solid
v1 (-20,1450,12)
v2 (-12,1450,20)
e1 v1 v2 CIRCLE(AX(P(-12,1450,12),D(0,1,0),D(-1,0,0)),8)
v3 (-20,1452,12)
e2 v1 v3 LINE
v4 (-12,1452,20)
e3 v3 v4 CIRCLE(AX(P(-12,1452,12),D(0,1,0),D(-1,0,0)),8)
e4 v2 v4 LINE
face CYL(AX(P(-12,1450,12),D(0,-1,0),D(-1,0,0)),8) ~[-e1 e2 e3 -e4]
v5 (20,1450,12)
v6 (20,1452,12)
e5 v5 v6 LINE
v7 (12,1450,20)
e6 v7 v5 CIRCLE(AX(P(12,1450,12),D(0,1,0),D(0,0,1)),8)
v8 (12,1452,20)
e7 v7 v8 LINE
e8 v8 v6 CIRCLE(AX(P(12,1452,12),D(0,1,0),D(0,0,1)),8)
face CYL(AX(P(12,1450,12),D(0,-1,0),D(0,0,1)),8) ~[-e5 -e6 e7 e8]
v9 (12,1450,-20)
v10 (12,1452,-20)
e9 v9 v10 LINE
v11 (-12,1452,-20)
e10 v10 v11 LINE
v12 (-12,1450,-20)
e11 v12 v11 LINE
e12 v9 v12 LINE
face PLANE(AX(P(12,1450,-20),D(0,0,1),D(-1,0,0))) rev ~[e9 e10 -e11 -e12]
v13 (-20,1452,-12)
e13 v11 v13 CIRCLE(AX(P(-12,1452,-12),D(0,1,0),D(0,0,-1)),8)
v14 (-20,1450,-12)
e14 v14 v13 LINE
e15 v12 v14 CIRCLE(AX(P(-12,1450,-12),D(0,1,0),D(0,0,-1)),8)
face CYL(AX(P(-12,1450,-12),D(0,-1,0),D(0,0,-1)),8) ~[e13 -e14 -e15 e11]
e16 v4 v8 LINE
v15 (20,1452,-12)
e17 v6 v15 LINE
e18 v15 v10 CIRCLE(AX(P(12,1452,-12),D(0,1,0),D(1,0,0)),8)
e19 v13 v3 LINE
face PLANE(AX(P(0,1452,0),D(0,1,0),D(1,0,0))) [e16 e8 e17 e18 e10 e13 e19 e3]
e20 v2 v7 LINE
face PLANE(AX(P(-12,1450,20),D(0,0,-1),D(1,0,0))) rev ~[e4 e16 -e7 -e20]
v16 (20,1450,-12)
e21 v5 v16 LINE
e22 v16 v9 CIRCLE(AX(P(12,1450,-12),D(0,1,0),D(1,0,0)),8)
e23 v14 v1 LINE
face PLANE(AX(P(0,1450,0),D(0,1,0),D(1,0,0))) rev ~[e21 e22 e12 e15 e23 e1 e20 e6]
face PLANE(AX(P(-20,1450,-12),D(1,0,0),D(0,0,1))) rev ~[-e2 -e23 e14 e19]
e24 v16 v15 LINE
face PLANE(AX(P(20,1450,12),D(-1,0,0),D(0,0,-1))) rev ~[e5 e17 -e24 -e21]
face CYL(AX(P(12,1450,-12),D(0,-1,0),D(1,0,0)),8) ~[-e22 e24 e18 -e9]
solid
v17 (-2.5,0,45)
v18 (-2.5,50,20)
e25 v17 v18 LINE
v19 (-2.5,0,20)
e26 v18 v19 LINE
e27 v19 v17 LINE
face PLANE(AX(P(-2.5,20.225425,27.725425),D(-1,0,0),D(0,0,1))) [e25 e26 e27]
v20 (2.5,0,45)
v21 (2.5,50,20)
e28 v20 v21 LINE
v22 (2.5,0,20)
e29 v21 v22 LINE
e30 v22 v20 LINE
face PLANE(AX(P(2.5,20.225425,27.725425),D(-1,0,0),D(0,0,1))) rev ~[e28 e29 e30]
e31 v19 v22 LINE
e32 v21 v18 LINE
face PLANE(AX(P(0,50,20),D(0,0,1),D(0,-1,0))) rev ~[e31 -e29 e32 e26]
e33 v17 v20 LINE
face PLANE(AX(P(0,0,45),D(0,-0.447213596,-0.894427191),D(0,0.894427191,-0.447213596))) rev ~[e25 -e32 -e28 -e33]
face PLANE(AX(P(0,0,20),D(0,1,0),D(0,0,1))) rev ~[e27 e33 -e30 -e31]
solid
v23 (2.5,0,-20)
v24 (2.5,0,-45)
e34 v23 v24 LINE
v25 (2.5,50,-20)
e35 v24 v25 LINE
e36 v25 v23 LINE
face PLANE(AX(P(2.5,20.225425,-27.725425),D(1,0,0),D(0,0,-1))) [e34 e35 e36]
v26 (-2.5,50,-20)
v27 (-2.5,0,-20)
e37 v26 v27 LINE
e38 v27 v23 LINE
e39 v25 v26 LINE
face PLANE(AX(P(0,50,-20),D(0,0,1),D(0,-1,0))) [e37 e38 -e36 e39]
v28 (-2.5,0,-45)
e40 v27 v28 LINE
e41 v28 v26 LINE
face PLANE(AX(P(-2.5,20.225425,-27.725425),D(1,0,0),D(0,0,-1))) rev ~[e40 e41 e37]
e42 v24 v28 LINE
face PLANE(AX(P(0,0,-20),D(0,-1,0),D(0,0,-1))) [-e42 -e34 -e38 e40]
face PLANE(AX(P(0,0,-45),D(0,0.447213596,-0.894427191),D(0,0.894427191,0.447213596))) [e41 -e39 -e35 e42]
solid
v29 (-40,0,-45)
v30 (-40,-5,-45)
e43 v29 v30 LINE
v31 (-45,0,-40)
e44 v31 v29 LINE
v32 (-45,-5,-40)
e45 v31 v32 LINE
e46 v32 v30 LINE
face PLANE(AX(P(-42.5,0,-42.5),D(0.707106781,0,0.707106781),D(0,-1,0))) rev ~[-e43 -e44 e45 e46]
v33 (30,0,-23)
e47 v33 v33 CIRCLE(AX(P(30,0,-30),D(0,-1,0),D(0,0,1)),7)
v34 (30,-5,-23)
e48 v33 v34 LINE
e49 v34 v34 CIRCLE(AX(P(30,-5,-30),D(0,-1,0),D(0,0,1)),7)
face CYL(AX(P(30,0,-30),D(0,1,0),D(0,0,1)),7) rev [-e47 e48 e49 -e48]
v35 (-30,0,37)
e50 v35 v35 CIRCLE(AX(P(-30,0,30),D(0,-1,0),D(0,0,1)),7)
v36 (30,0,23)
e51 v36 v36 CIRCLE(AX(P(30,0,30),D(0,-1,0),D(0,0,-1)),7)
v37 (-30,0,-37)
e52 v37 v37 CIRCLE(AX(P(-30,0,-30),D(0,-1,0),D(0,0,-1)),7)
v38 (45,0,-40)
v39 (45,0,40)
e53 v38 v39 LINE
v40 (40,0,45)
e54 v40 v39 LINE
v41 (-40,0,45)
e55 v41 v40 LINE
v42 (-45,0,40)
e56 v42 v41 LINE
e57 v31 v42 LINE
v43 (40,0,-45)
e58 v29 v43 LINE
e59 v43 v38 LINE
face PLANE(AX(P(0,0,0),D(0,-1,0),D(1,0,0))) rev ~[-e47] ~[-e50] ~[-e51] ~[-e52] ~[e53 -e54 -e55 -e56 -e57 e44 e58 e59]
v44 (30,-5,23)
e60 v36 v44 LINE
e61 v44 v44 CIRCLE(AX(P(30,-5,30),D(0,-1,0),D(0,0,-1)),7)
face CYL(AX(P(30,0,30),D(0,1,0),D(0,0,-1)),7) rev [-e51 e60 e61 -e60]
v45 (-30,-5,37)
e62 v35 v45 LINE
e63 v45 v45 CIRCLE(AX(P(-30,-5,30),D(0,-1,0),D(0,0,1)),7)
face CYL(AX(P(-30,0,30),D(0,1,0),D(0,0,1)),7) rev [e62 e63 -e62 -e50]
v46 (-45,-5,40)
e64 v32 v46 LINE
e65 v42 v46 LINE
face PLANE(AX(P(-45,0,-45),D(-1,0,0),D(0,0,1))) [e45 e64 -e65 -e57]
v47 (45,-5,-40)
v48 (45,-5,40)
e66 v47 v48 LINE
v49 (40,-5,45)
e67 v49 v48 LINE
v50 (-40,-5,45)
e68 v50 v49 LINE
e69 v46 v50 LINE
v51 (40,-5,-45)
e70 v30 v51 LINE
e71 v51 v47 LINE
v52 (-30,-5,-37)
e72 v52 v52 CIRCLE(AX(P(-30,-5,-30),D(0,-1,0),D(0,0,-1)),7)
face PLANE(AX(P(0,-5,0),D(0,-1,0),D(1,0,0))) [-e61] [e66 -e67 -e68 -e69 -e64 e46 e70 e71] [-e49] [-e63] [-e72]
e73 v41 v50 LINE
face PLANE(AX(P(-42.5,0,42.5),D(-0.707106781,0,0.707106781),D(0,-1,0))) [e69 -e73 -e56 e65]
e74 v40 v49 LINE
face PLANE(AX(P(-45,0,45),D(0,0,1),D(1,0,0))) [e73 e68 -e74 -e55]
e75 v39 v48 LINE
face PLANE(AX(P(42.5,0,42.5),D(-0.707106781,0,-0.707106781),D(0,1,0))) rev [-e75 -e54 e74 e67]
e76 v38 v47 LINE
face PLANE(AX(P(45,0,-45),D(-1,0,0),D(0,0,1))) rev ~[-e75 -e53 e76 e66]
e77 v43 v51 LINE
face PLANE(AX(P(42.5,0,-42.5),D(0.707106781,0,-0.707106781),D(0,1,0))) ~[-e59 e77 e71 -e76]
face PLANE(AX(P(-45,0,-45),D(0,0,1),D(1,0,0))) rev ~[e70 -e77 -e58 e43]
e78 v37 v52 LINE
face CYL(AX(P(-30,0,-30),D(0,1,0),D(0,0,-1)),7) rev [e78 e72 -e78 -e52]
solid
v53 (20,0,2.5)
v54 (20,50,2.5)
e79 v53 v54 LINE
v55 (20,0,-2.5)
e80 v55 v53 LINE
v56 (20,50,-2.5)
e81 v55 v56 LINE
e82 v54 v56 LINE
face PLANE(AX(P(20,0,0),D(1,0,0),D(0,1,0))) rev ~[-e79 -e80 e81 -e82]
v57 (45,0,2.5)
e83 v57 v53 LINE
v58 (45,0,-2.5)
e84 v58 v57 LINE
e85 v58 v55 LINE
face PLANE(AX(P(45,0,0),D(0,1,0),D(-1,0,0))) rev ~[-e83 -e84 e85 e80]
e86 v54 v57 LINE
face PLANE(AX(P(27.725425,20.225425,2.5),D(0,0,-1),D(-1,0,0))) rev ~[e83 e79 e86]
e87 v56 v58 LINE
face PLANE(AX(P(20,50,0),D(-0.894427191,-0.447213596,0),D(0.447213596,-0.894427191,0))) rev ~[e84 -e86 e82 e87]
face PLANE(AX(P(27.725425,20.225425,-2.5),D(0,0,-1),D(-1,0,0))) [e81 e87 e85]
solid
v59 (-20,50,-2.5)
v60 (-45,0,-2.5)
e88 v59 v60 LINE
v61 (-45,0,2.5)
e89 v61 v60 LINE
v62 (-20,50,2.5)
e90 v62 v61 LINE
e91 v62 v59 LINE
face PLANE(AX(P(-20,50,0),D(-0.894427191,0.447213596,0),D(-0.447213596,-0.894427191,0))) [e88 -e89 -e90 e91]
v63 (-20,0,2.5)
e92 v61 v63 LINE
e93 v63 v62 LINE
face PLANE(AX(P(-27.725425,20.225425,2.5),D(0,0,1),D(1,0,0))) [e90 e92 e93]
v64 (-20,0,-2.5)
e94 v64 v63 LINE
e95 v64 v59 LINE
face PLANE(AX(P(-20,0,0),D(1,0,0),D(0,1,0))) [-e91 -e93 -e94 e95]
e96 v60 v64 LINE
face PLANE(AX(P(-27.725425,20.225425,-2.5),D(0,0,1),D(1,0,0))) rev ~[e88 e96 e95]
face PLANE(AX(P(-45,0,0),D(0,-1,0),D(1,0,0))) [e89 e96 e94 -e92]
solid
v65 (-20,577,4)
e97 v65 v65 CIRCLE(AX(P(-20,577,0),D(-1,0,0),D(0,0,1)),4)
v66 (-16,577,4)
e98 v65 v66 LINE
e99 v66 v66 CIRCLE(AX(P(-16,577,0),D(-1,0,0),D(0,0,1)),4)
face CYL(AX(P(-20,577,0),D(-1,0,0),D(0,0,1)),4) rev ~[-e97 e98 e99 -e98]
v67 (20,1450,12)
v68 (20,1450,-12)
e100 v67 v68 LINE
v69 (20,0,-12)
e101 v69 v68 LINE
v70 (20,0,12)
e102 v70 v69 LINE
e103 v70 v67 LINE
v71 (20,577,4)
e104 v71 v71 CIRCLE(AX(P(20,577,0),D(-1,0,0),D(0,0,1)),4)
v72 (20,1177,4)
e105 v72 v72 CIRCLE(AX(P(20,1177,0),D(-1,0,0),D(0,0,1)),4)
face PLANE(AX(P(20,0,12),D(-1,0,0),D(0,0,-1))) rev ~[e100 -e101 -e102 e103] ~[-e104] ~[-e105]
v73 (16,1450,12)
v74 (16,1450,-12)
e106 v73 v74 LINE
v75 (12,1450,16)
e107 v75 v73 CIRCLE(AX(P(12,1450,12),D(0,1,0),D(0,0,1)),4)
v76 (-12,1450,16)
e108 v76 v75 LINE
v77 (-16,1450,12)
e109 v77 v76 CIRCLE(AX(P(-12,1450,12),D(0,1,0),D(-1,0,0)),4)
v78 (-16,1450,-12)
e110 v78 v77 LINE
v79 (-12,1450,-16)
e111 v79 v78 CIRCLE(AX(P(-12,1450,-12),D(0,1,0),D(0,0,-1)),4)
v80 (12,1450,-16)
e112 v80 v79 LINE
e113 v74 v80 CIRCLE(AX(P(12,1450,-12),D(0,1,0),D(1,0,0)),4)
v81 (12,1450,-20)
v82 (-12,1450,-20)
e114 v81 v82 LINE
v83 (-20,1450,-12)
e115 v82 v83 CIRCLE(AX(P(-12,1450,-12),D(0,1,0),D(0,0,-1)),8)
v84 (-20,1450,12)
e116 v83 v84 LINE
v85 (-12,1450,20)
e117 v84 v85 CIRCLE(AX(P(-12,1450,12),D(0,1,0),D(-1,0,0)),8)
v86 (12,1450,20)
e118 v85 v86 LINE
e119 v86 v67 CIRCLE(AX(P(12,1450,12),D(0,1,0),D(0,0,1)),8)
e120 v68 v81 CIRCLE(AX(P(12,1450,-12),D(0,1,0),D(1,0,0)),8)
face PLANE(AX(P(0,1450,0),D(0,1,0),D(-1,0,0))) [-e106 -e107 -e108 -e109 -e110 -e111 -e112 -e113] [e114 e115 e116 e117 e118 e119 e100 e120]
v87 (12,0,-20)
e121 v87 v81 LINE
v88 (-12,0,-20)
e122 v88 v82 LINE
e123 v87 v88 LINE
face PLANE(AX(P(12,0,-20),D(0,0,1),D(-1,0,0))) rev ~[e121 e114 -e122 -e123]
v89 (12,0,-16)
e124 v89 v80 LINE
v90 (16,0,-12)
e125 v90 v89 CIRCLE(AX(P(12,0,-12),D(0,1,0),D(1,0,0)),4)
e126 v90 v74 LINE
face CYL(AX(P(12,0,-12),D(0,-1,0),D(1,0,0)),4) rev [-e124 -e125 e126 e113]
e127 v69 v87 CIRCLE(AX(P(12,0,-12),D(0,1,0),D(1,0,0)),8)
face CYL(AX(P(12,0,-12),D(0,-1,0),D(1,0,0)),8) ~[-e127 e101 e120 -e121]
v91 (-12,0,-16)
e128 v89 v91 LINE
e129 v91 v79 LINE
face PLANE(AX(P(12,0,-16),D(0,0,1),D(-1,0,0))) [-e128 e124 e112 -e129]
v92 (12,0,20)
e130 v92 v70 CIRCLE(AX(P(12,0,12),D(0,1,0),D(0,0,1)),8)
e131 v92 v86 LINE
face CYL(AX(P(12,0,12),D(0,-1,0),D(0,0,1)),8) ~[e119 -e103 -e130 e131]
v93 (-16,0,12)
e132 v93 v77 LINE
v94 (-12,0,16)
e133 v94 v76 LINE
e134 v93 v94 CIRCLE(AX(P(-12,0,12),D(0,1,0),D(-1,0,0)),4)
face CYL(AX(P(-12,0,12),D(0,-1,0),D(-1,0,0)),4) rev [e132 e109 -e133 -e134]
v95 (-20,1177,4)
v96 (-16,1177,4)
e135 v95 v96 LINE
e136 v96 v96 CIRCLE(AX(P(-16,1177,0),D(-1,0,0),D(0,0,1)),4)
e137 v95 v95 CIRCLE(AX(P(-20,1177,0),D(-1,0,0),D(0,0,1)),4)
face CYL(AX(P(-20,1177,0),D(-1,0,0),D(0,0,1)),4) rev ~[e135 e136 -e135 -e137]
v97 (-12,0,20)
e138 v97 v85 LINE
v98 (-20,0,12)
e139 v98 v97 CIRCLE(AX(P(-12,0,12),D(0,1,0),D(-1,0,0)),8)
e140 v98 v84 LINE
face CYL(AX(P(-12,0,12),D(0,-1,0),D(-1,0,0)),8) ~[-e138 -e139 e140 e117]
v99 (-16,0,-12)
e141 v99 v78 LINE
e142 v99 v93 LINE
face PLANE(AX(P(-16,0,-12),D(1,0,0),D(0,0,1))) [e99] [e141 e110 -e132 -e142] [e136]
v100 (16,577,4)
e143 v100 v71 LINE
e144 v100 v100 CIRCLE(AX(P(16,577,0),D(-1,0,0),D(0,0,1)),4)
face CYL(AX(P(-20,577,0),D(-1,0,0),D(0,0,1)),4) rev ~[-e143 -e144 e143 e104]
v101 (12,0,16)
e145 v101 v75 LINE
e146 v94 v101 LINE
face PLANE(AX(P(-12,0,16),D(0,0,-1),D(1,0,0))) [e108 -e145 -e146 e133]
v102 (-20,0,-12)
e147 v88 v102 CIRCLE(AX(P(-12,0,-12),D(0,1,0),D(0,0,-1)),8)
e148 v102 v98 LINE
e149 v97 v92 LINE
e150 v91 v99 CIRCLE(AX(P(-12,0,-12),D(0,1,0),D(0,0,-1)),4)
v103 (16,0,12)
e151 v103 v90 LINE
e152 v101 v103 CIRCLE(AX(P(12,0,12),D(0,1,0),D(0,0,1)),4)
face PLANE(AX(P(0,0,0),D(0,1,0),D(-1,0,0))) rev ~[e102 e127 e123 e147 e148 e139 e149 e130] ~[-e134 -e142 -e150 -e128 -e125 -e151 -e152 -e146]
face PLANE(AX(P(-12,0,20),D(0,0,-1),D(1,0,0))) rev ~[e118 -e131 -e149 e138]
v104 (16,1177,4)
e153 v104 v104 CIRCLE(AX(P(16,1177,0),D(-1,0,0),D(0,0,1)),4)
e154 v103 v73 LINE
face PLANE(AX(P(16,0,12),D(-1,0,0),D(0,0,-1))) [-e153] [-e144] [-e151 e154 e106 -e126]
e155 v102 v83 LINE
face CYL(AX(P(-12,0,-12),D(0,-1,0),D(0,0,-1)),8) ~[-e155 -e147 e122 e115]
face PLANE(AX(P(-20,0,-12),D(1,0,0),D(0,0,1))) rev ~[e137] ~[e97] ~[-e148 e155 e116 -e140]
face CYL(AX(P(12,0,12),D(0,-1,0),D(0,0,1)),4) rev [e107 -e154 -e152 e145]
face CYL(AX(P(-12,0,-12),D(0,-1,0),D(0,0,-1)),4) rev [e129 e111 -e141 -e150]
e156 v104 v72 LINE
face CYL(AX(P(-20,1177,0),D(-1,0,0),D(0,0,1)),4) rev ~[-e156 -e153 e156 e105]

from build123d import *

# Parameters (mm, degrees)
MEMBER_1_DEPTH      = 1450
SKETCH_3_W          = 90
SKETCH_3_H          = 90
SKETCH_3_R          = 7
EXTRUDE_1_DEPTH     = 5
CHAMFER_1_SIZE      = 5
EXTRUDE_2_DEPTH     = 2
SKETCH_5_R          = 4
CUT_EXTRUDE_1_DEPTH = 1455.150611182
EXTRUDE_3_DEPTH     = 2.5
EXTRUDE_3_2_DEPTH   = 2.5
EXTRUDE_4_DEPTH     = 2.5
EXTRUDE_4_2_DEPTH   = 2.5


with BuildPart() as part:
    # Sketch1 → Member 1 (new body)
    with BuildSketch(Plane(origin=(0, 0, 0), x_dir=(-1, 0, 0), z_dir=(0, 1, 0))):
        with BuildLine():
            Line((-12, -20), (12, -20))
            ThreePointArc((12, -20), (17.656854249, -17.656854249), (20, -12))
            Line((20, -12), (20, 12))
            ThreePointArc((20, 12), (17.656854249, 17.656854249), (12, 20))
            Line((12, 20), (-12, 20))
            ThreePointArc((-12, 20), (-17.656854249, 17.656854249), (-20, 12))
            Line((-20, 12), (-20, -12))
            ThreePointArc((-20, -12), (-17.656854249, -17.656854249), (-12, -20))
        make_face()
        with BuildLine():
            Line((-12, -16), (12, -16))
            ThreePointArc((12, -16), (14.828427125, -14.828427125), (16, -12))
            Line((16, -12), (16, 12))
            ThreePointArc((16, 12), (14.828427125, 14.828427125), (12, 16))
            Line((12, 16), (-12, 16))
            ThreePointArc((-12, 16), (-14.828427125, 14.828427125), (-16, 12))
            Line((-16, 12), (-16, -12))
            ThreePointArc((-16, -12), (-14.828427125, -14.828427125), (-12, -16))
        make_face(mode=Mode.SUBTRACT)
    extrude(amount=MEMBER_1_DEPTH)

    # 草图5 → 切除-拉伸1 (cut, through all)
    with BuildSketch(Plane.ZY.offset(20)):
        with Locations((0, -23)):
            Circle(SKETCH_5_R)
        with Locations((0, 577)):
            Circle(SKETCH_5_R)
        with Locations((0, 1177)):
            Circle(SKETCH_5_R)
    extrude(amount=-CUT_EXTRUDE_1_DEPTH, mode=Mode.SUBTRACT)


with BuildPart() as body_2:
    # 草图3 → 凸台-拉伸1 (new body)
    with BuildSketch(Plane.XZ):
        Rectangle(SKETCH_3_W, SKETCH_3_H)
        with Locations(Location((30, 30, 0), (0, 0, 270))):
            Circle(SKETCH_3_R, mode=Mode.SUBTRACT)
        with Locations(Location((30, -30, 0), (0, 0, 90))):
            Circle(SKETCH_3_R, mode=Mode.SUBTRACT)
        with Locations(Location((-30, 30, 0), (0, 0, 90))):
            Circle(SKETCH_3_R, mode=Mode.SUBTRACT)
        with Locations(Location((-30, -30, 0), (0, 0, 270))):
            Circle(SKETCH_3_R, mode=Mode.SUBTRACT)
    extrude(amount=EXTRUDE_1_DEPTH)

    # 倒角1
    chamfer_1_edges = [body_2.edges().sort_by_distance(p)[0] for p in [
        (-45, -2.5, 45),
        (45, -2.5, 45),
        (45, -2.5, -45),
        (-45, -2.5, -45),
    ]]
    chamfer(chamfer_1_edges, length=CHAMFER_1_SIZE)


with BuildPart() as body_3:
    # 草图4 → 凸台-拉伸2 (new body)
    with BuildSketch(Plane(origin=(0, 1450, 0), x_dir=(1, 0, 0), z_dir=(0, 1, 0))):
        with BuildLine():
            Line((-12, -20), (12, -20))
            ThreePointArc((12, -20), (17.656854249, -17.656854249), (20, -12))
            Line((20, -12), (20, 12))
            ThreePointArc((20, 12), (17.656854249, 17.656854249), (12, 20))
            Line((12, 20), (-12, 20))
            ThreePointArc((-12, 20), (-17.656854249, 17.656854249), (-20, 12))
            Line((-20, 12), (-20, -12))
            ThreePointArc((-20, -12), (-17.656854249, -17.656854249), (-12, -20))
        make_face()
    extrude(amount=EXTRUDE_2_DEPTH)


with BuildPart() as body_4:
    # 草图6 → 凸台-拉伸3 (new, symmetric)
    with BuildSketch(Plane.XY):
        Polygon((20, 0), (20, 50), (45, 0), align=None)
    extrude(amount=EXTRUDE_3_DEPTH, both=True)


with BuildPart() as body_5:
    # 草图6 → Extrude 3 2 (new, symmetric)
    with BuildSketch(Plane.XY):
        Polygon((-45, 0), (-20, 0), (-20, 50), align=None)
    extrude(amount=EXTRUDE_3_2_DEPTH, both=True)


with BuildPart() as body_6:
    # 草图7 → 凸台-拉伸4 (new, symmetric)
    with BuildSketch(Plane(origin=(0, 0, 0), x_dir=(0, 0, -1), z_dir=(1, 0, 0))):
        Polygon((20, 50), (20, 0), (45, 0), align=None)
    extrude(amount=EXTRUDE_4_DEPTH, both=True)


with BuildPart() as body_7:
    # 草图7 → Extrude 4 2 (new, symmetric)
    with BuildSketch(Plane(origin=(0, 0, 0), x_dir=(0, 0, -1), z_dir=(1, 0, 0))):
        Polygon((-45, 0), (-20, 50), (-20, 0), align=None)
    extrude(amount=EXTRUDE_4_2_DEPTH, both=True)


solid = Compound([part.part, body_2.part, body_3.part, body_4.part, body_5.part, body_6.part, body_7.part])
